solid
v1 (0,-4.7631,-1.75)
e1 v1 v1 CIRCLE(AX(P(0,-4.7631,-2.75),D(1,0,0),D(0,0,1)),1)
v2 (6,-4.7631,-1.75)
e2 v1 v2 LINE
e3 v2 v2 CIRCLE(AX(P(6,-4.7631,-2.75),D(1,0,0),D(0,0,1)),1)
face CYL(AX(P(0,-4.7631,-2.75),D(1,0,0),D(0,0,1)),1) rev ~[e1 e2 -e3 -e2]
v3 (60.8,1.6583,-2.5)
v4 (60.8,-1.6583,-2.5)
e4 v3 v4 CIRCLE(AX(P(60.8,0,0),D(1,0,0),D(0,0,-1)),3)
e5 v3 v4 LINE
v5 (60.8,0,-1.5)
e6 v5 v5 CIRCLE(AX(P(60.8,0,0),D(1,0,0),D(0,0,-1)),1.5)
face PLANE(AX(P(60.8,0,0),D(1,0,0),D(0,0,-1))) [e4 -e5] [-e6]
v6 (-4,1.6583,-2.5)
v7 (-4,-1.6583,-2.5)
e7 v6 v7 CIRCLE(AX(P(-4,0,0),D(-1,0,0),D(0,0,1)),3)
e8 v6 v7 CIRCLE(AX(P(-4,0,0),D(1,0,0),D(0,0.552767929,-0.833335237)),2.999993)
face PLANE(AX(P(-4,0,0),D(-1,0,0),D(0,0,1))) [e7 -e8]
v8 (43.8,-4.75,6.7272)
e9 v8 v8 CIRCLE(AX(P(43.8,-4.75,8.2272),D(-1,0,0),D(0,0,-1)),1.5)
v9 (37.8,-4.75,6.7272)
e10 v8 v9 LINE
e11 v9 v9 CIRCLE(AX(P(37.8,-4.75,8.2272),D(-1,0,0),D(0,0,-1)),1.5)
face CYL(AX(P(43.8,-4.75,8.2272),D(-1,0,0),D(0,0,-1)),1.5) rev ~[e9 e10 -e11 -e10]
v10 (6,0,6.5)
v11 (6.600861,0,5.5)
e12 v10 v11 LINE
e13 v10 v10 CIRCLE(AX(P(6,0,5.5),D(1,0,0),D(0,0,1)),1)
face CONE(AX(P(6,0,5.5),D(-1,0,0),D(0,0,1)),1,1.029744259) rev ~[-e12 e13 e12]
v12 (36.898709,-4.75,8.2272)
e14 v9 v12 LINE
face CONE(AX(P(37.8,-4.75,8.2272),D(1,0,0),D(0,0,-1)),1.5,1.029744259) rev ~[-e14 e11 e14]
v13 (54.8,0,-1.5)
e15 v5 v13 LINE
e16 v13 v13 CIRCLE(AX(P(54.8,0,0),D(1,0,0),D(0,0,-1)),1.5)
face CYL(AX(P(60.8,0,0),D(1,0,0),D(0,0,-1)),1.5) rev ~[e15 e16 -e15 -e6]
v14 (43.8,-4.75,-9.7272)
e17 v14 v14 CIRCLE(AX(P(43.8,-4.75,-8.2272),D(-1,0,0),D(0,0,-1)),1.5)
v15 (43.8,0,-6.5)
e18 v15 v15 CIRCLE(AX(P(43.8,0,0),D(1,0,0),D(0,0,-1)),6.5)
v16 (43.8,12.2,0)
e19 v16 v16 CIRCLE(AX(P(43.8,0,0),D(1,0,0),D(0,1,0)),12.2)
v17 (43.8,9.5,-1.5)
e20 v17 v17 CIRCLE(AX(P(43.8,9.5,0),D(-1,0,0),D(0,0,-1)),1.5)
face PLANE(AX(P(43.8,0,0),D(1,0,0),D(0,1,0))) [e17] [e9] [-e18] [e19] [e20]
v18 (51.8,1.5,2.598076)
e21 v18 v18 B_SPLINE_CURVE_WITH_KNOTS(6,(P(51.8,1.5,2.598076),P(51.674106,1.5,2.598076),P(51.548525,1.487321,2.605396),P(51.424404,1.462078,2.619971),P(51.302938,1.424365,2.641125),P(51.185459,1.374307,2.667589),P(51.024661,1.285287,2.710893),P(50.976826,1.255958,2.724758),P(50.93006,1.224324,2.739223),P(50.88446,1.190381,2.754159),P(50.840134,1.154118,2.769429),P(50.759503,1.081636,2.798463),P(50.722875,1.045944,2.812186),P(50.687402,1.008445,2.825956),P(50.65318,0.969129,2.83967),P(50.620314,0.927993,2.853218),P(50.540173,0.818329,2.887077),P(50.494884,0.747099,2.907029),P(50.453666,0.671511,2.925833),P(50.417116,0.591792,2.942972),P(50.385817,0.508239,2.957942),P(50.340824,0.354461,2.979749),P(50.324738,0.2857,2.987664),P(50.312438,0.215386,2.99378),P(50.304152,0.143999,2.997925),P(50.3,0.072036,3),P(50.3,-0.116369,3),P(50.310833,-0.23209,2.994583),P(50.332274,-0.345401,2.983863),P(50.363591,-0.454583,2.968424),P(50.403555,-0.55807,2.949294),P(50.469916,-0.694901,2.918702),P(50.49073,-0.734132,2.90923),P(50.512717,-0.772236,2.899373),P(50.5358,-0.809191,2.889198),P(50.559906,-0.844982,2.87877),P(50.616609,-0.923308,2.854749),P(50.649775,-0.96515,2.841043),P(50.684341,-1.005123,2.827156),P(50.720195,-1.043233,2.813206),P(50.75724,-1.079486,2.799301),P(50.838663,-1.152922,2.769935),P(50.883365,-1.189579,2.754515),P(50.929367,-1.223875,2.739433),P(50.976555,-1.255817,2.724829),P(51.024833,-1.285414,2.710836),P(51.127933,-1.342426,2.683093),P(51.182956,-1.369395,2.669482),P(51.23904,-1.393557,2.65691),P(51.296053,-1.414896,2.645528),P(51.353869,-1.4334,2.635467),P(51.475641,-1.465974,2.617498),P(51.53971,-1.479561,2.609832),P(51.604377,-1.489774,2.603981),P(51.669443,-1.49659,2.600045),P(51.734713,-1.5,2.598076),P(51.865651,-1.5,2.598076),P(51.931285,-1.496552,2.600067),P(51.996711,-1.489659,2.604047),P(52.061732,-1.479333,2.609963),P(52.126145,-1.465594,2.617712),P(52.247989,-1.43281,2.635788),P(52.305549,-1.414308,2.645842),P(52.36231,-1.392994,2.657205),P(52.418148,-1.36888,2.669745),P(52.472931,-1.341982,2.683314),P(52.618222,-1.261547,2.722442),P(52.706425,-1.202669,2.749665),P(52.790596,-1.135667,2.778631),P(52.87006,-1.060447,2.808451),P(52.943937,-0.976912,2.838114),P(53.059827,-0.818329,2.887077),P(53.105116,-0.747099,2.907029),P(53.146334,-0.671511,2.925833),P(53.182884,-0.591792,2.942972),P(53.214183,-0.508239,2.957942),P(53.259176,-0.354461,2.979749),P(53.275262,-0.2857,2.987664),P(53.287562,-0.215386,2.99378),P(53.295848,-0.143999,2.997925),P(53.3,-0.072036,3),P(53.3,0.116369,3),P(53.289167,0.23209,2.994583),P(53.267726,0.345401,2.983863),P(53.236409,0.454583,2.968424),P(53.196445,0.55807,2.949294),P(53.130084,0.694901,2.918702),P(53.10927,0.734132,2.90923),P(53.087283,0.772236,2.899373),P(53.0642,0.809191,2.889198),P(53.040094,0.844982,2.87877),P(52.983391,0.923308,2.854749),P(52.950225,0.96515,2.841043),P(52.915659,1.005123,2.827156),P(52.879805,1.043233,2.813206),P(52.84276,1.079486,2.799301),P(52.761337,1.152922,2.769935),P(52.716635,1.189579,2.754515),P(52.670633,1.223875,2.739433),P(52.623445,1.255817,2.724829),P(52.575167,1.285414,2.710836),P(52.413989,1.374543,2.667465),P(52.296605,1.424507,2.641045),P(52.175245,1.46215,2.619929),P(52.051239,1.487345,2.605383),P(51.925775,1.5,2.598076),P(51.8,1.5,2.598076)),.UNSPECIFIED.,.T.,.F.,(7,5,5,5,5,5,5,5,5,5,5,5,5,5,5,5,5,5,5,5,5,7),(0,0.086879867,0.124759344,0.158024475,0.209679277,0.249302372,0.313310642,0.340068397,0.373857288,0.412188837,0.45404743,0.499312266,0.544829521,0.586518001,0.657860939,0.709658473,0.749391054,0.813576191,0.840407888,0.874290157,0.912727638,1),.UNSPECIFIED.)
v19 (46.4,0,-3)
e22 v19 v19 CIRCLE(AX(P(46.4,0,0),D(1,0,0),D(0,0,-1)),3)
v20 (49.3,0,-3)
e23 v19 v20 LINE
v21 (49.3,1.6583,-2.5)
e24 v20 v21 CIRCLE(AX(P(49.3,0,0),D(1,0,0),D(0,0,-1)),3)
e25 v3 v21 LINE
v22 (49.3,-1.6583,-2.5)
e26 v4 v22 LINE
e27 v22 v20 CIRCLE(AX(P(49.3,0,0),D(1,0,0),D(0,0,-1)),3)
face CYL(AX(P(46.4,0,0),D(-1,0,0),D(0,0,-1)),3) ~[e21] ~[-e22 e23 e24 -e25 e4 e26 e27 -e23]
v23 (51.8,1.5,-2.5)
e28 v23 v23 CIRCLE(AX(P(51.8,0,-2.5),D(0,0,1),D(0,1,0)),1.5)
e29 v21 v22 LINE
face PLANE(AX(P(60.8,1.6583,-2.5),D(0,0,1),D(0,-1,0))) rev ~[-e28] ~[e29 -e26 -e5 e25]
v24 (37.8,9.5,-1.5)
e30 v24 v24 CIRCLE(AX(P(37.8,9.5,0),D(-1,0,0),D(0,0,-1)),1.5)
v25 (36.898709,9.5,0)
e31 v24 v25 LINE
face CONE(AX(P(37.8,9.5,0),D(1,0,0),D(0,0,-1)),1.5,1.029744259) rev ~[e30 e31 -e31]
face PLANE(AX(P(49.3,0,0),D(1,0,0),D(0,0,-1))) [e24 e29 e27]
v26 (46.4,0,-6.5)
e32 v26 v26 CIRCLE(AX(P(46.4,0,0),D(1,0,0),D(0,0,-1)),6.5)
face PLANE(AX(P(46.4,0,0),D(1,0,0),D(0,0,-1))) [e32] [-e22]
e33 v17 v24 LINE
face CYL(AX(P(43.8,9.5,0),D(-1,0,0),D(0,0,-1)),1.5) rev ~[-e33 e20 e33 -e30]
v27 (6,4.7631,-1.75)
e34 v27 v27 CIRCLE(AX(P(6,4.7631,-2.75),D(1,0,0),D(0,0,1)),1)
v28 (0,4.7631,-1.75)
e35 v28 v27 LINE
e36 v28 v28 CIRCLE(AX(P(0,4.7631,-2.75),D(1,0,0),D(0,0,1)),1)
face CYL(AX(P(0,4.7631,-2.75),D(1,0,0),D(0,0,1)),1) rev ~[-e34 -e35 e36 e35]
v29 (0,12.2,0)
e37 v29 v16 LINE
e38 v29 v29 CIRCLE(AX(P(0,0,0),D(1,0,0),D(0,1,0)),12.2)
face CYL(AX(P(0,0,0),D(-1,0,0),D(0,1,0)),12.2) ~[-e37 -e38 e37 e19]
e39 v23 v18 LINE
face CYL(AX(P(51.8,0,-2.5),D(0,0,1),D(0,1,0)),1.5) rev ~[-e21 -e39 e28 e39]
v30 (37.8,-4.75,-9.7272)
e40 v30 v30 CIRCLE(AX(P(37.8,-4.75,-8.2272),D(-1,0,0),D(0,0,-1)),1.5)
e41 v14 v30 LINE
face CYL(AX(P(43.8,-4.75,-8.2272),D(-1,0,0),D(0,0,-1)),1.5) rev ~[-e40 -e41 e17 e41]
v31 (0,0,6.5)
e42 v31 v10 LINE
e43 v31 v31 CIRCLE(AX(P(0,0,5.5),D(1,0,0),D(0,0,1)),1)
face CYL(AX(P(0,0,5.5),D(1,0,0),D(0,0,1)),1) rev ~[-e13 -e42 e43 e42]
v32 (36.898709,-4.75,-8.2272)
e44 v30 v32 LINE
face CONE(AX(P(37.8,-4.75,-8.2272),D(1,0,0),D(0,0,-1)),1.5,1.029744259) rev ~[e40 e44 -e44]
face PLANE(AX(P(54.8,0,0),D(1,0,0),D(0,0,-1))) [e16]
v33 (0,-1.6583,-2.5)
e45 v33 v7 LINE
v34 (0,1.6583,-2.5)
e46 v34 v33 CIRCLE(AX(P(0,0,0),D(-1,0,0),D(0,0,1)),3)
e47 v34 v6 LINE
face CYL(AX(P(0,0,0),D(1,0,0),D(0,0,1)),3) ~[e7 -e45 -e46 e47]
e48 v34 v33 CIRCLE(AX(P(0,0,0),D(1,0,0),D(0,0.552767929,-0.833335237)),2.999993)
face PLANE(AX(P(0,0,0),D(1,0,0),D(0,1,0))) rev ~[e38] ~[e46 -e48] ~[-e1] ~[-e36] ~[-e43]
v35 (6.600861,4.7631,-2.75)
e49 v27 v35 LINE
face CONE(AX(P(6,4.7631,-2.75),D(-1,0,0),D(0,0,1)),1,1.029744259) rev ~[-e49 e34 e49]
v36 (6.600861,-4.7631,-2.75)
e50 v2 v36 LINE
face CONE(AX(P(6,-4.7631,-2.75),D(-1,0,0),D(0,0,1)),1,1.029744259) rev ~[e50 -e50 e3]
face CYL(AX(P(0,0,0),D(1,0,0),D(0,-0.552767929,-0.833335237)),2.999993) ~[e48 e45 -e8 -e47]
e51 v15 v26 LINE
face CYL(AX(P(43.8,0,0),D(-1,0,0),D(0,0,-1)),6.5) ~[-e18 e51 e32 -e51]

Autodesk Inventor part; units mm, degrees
ref_plane "YZ Plane" through (0, 0, 0) normal (1, 0, 0) x (0, 1, 0)
ref_plane "XZ Plane" through (0, 0, 0) normal (0, 1, 0) x (-1, 0, 0)
ref_plane "XY Plane" through (0, 0, 0) normal (0, 0, 1) x (1, 0, 0)
sketch "スケッチ1" plane through (0, 0, 0) normal (1, 0, 0) x (0, 1, 0)
  circle A0 centre (0, 0) radius 12.2
  dimension "d0" = 24.4
extrude "押し出し1" add sketch "スケッチ1" along normal blind 43.8
sketch "スケッチ2" plane through (43.8, 0, 0) normal (1, 0, 0) x (0, 0, -1)
  circle A0 centre (0, 0) radius 6.5
  dimension "d3" = 13
extrude "押し出し2" add sketch "スケッチ2" along normal blind 2.6
sketch "スケッチ3" plane through (46.4, 0, 0) normal (1, 0, 0) x (0, 0, -1)
  circle A0 centre (0, 0) radius 3
  dimension "d6" = 6
extrude "押し出し3" add sketch "スケッチ3" along normal blind 14.4
sketch "スケッチ4" plane through (60.8, 0, 0) normal (1, 0, 0) x (0, 0, -1)
  circle A0 centre (0, 0) radius 3 projected
  line L0 (2.5, 1.6583) -> (2.5, -1.6583)
  line L1 (0, 0) -> (0, -3)
  dimension "d9" = 6
  dimension "d10" = 2.5
extrude "押し出し4" cut sketch "スケッチ4" against normal blind 11.5 contours A0 L0 picked at (2.5914, -0.3806)
sketch "スケッチ5" plane through (60.8, -1.6583, -2.5) normal (0, 0, -1) x (-1, 0, 0)
  line L0 (0, 0) -> (0, 3.3166) projected
  point P0 (60.8, 1.6583)
  point P1 (9, 1.6583)
  point P2 (0, 1.6583)
  dimension "d13" = 0
  dimension "d14" = 9
hole "穴1" at (51.8, 0, -2.5) direction (0, 0, 1) diameter 3 end through all
sketch "スケッチ6" plane through (0, 0, 0) normal (-1, 0, 0) x (0, 0, 1)
  arc A0 (-2.5, -1.6583) -> (-2.5, 1.6583) centre (0, 0) ccw projected
  circle A1 centre (0, 0) radius 3
  point P0 (-2.5, 1.6583)
  dimension "d22" = 6
extrude "押し出し5" add sketch "スケッチ6" along normal blind 4
sketch "スケッチ7" plane through (60.8, 0, 0) normal (1, 0, 0) x (0, 0, -1)
  circle A0 centre (0, 0) radius 6.5 projected
  circle A1 centre (0, 0) radius 1.5
  dimension "d25" = 3
extrude "押し出し6" cut sketch "スケッチ7" against normal blind 6 contours A1
sketch "スケッチ8" plane through (43.8, 0, 0) normal (1, 0, 0) x (0, 0, -1)
  point P0 (0, 0)
  point P1 (0, 9.5)
  point P2 (-8.2272, -4.75)
  point P3 (8.2272, -4.75)
  dimension "d28" = 0
  dimension "d29" = 9.5
  dimension "d32" = 360
hole "穴2" at (43.8, 9.5, 0) at (43.8, -4.75, 8.2272) at (43.8, -4.75, -8.2272) direction (-1, 0, 0) diameter 3 depth 6 tip angle 118
sketch "スケッチ9" plane through (0, 0, 0) normal (-1, 0, 0) x (0, 0, 1)
  point P0 (0, 0)
  point P1 (5.5, 0)
  point P2 (-2.75, 4.7631)
  point P3 (-2.75, -4.7631)
  dimension "d41" = 0
  dimension "d42" = 5.5
  dimension "d45" = 360
hole "穴3" at (0, 0, 5.5) at (0, 4.7631, -2.75) at (0, -4.7631, -2.75) direction (1, 0, 0) diameter 2 depth 6 tip angle 118
properties part number "M2006 P36" material "ステンレス鋼"
